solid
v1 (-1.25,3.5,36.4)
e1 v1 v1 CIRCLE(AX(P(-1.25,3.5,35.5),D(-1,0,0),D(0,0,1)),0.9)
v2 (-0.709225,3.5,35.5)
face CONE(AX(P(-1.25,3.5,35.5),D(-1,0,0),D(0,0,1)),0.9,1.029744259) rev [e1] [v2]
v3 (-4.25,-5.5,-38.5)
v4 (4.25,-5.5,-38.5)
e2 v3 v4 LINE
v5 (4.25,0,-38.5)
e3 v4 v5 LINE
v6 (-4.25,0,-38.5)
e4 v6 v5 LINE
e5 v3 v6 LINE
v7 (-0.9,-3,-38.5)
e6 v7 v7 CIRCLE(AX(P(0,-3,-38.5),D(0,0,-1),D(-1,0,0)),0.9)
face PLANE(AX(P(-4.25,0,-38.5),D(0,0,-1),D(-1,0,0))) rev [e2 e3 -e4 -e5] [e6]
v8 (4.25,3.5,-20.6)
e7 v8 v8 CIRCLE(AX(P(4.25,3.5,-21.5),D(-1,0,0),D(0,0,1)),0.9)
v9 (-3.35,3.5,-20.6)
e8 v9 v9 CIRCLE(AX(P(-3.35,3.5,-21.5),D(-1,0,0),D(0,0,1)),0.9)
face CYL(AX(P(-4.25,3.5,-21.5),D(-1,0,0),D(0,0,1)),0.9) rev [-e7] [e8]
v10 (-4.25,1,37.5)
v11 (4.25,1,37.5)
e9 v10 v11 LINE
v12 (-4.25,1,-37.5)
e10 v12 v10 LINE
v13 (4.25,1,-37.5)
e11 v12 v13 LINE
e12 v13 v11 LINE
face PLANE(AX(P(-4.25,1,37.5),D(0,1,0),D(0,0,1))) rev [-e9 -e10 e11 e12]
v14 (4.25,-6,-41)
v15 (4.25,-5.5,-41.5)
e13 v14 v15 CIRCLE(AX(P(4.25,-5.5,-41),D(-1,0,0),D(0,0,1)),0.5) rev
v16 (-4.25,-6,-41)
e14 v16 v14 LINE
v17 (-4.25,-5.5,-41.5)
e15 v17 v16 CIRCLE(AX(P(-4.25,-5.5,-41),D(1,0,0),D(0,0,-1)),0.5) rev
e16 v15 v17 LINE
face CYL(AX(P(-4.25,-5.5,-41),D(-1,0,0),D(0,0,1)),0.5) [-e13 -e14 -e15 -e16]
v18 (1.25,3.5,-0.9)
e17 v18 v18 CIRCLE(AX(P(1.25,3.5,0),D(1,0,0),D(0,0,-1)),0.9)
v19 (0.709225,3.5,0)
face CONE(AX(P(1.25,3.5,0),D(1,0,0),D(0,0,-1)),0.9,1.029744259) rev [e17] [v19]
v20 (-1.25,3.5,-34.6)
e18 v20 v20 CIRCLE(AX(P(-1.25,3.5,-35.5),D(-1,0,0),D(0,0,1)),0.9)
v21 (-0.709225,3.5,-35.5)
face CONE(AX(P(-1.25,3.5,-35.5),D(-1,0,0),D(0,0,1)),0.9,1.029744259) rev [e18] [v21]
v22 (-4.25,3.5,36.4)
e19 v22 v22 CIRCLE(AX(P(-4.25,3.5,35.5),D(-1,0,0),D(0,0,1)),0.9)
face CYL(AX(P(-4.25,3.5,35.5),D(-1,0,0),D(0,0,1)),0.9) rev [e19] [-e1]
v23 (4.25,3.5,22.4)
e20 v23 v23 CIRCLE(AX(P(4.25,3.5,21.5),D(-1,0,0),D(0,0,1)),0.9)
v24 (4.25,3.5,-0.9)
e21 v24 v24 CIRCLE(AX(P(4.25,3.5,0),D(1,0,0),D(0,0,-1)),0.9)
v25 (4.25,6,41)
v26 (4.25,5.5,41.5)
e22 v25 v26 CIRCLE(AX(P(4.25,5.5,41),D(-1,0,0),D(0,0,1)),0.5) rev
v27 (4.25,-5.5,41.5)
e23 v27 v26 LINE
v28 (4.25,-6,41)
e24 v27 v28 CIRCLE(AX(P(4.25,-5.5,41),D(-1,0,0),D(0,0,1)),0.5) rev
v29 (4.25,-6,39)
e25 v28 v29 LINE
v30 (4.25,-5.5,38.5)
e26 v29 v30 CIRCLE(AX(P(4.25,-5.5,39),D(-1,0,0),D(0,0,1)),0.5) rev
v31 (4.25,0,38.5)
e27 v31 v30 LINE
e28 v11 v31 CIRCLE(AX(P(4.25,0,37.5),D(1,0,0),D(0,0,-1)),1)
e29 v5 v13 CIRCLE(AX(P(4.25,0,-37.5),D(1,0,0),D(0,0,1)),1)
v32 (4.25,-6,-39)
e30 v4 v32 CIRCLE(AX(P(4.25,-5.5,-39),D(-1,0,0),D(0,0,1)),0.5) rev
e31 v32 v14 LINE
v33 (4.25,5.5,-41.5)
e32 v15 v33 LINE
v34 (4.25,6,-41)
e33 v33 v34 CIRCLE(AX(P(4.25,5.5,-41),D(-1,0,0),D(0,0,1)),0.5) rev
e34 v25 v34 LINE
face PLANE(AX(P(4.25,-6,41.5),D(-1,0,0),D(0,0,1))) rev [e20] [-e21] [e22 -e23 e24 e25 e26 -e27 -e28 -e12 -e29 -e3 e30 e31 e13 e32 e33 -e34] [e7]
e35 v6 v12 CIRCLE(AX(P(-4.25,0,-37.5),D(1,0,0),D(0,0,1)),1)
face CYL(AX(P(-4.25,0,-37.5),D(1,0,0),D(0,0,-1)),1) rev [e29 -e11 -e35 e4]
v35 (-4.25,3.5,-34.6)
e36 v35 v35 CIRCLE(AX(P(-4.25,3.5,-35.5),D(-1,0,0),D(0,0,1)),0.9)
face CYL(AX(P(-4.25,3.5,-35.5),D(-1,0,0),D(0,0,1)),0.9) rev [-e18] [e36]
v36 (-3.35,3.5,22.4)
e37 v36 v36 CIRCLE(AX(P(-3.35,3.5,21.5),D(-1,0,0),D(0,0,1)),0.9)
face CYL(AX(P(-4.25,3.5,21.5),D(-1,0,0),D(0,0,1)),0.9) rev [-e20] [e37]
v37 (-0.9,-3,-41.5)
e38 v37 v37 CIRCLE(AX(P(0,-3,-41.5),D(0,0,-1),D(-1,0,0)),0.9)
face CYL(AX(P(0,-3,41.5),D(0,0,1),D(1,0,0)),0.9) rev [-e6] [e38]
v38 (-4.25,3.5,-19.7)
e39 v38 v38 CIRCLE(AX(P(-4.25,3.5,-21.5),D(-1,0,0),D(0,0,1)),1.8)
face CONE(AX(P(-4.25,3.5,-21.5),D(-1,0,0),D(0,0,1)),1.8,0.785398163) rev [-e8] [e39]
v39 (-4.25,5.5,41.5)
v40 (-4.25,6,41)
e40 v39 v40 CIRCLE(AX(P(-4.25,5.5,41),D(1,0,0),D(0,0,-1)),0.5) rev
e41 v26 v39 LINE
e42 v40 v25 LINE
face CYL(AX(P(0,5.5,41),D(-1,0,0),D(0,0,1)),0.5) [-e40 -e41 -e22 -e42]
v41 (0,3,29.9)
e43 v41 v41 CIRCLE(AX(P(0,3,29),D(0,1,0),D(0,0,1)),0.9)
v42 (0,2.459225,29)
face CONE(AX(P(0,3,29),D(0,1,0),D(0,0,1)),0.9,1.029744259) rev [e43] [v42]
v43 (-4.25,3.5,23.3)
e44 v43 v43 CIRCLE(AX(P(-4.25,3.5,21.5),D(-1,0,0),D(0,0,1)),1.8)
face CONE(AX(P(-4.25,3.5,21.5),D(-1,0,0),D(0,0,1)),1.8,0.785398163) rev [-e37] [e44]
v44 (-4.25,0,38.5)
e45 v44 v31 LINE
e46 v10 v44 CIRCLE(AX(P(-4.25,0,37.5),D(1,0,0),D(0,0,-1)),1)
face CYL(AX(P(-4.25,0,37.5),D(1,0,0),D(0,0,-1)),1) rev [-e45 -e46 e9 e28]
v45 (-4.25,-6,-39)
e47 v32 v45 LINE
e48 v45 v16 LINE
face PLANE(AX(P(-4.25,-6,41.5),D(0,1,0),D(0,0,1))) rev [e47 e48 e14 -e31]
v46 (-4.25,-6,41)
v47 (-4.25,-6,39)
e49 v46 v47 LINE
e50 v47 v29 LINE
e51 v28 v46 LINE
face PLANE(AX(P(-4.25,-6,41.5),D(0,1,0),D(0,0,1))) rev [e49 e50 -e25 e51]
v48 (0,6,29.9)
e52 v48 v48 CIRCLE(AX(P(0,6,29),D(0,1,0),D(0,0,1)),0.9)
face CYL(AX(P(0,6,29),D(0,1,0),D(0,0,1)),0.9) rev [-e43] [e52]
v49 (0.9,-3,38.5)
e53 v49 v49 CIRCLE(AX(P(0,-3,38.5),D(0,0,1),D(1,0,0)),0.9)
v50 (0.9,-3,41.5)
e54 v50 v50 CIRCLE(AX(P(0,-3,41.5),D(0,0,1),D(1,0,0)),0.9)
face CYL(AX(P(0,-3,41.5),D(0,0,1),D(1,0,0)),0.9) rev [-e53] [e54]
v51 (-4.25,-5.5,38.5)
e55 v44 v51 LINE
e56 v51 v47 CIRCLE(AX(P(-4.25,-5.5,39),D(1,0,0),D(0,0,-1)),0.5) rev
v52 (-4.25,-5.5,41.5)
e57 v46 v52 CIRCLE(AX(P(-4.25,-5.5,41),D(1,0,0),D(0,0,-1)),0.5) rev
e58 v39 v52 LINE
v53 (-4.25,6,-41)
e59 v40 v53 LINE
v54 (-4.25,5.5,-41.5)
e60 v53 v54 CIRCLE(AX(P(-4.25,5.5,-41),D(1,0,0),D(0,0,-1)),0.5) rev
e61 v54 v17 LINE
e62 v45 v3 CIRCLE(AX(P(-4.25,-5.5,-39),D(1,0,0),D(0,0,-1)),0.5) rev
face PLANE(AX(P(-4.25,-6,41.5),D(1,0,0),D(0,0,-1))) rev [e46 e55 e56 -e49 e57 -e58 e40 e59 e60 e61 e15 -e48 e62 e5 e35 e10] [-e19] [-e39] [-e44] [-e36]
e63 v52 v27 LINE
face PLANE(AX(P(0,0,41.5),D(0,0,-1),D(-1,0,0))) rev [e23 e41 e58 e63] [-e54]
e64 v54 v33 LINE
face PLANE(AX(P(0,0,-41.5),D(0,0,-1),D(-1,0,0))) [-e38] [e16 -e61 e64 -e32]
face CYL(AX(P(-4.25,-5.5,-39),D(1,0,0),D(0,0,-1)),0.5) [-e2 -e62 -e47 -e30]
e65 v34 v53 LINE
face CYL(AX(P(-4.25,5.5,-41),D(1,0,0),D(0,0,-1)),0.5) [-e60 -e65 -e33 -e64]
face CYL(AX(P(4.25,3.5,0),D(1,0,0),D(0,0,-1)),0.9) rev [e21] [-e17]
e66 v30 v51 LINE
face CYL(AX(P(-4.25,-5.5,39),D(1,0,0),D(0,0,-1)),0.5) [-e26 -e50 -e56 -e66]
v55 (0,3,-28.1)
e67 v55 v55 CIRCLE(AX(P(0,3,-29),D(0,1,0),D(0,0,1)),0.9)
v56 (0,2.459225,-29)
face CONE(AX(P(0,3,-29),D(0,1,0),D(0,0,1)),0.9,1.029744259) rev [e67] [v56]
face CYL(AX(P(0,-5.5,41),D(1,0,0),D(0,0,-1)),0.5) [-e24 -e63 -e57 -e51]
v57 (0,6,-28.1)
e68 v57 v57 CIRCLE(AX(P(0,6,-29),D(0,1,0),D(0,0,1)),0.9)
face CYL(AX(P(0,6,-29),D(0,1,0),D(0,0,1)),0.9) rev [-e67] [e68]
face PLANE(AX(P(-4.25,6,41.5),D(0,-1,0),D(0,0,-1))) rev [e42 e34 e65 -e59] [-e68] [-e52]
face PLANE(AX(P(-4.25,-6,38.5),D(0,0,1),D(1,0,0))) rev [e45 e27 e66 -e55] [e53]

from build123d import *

# Parameters (mm, degrees)
SKETCH1_W                        = 8.5
SKETCH1_H                        = 12
BOSS_EXTRUDE1_DEPTH              = 41.5
CUT_EXTRUDE1_DEPTH               = 43.784342931
M1_6_HOLE1_FIXINGPCB_D           = 1.8
M1_6_HOLE1_FIXINGPCB_CSINK_D     = 3.6
M1_6_HOLE1_FIXINGPCB_CSINK_ANGLE = 90
FILLET1_R                        = 0.5
M1_6_HOLE2_INTUNION_D            = 1.8
M1_6_HOLE2_INTUNION_DEPTH        = 200
M1_6_HOLE2_INTUNION_TIP          = 0.540774557
M1_6_HOLE3_EXTUNION_D            = 1.8
M1_6_HOLE3_EXTUNION_DEPTH        = 3
M1_6_HOLE3_EXTUNION_TIP          = 0.540774557
M1_6_HOLE4_TOPUNION_D            = 1.8
M1_6_HOLE4_TOPUNION_DEPTH        = 3
M1_6_HOLE4_TOPUNION_TIP          = 0.540774557
M1_6_CLEARANCE_HOLE1_D           = 1.8
M1_6_CLEARANCE_HOLE1_DEPTH       = 3
M1_6_CLEARANCE_HOLE1_TIP         = 0.540774557


with BuildPart() as part:
    # Sketch1 → Boss-Extrude1 (new, symmetric)
    with BuildSketch(Plane.XY):
        Rectangle(SKETCH1_W, SKETCH1_H)
    extrude(amount=BOSS_EXTRUDE1_DEPTH, both=True)

    # Sketch2 → Cut-Extrude1 (cut, through all)
    with BuildSketch(Plane(origin=(4.25, 0, 0), x_dir=(0, 0, -1), z_dir=(1, 0, 0))):
        with BuildLine():
            Line((-37.5, 1), (37.5, 1))
            ThreePointArc((37.5, 1), (38.207106781, 0.707106781), (38.5, 0))
            Line((38.5, 0), (38.5, -6))
            Line((38.5, -6), (-38.5, -6))
            Line((-38.5, -6), (-38.5, 0))
            ThreePointArc((-38.5, 0), (-38.207106781, 0.707106781), (-37.5, 1))
        make_face()
    extrude(amount=-CUT_EXTRUDE1_DEPTH, mode=Mode.SUBTRACT)

    # M1.6 Hole1-FixingPCB (through all)
    with Locations(Plane.ZY.offset(4.25)):
        with Locations((-21.5, 3.5), (21.5, 3.5)):
            CounterSinkHole(M1_6_HOLE1_FIXINGPCB_D / 2, M1_6_HOLE1_FIXINGPCB_CSINK_D / 2, counter_sink_angle=M1_6_HOLE1_FIXINGPCB_CSINK_ANGLE)

    # Fillet1
    fillet1_edges = [part.edges().sort_by_distance(p)[0] for p in [
        (0, -6, 41.5),
        (0, -6, -38.5),
        (0, -6, 38.5),
        (0, -6, -41.5),
        (0, 6, -41.5),
        (0, 6, 41.5),
    ]]
    fillet(fillet1_edges, radius=FILLET1_R)

    # M1.6 Hole2-IntUnion
    with Locations(Plane.XY.offset(41.5)):
        with Locations((0, -3)):
            Hole(M1_6_HOLE2_INTUNION_D / 2, depth=M1_6_HOLE2_INTUNION_DEPTH)
            with Locations((0, 0, -(M1_6_HOLE2_INTUNION_DEPTH + M1_6_HOLE2_INTUNION_TIP / 2))):  # 118° drill point
                Cone(0, M1_6_HOLE2_INTUNION_D / 2, M1_6_HOLE2_INTUNION_TIP, mode=Mode.SUBTRACT)

    # M1.6 Hole3-ExtUnion
    with Locations(Plane.ZY.offset(4.25)):
        with Locations((-35.5, 3.5), (35.5, 3.5)):
            Hole(M1_6_HOLE3_EXTUNION_D / 2, depth=M1_6_HOLE3_EXTUNION_DEPTH)
            with Locations((0, 0, -(M1_6_HOLE3_EXTUNION_DEPTH + M1_6_HOLE3_EXTUNION_TIP / 2))):  # 118° drill point
                Cone(0, M1_6_HOLE3_EXTUNION_D / 2, M1_6_HOLE3_EXTUNION_TIP, mode=Mode.SUBTRACT)

    # M1.6 Hole4-TopUnion
    with Locations(Plane(origin=(4.25, 0, 0), x_dir=(0, 0, -1), z_dir=(1, 0, 0))):
        with Locations((0, 3.5)):
            Hole(M1_6_HOLE4_TOPUNION_D / 2, depth=M1_6_HOLE4_TOPUNION_DEPTH)
            with Locations((0, 0, -(M1_6_HOLE4_TOPUNION_DEPTH + M1_6_HOLE4_TOPUNION_TIP / 2))):  # 118° drill point
                Cone(0, M1_6_HOLE4_TOPUNION_D / 2, M1_6_HOLE4_TOPUNION_TIP, mode=Mode.SUBTRACT)

    # M1.6 Clearance Hole1
    with Locations(Plane(origin=(0, 6, 0), x_dir=(1, 0, 0), z_dir=(0, 1, 0))):
        with Locations((0, 29), (0, -29)):
            Hole(M1_6_CLEARANCE_HOLE1_D / 2, depth=M1_6_CLEARANCE_HOLE1_DEPTH)
            with Locations((0, 0, -(M1_6_CLEARANCE_HOLE1_DEPTH + M1_6_CLEARANCE_HOLE1_TIP / 2))):  # 118° drill point
                Cone(0, M1_6_CLEARANCE_HOLE1_D / 2, M1_6_CLEARANCE_HOLE1_TIP, mode=Mode.SUBTRACT)


solid = part.part
